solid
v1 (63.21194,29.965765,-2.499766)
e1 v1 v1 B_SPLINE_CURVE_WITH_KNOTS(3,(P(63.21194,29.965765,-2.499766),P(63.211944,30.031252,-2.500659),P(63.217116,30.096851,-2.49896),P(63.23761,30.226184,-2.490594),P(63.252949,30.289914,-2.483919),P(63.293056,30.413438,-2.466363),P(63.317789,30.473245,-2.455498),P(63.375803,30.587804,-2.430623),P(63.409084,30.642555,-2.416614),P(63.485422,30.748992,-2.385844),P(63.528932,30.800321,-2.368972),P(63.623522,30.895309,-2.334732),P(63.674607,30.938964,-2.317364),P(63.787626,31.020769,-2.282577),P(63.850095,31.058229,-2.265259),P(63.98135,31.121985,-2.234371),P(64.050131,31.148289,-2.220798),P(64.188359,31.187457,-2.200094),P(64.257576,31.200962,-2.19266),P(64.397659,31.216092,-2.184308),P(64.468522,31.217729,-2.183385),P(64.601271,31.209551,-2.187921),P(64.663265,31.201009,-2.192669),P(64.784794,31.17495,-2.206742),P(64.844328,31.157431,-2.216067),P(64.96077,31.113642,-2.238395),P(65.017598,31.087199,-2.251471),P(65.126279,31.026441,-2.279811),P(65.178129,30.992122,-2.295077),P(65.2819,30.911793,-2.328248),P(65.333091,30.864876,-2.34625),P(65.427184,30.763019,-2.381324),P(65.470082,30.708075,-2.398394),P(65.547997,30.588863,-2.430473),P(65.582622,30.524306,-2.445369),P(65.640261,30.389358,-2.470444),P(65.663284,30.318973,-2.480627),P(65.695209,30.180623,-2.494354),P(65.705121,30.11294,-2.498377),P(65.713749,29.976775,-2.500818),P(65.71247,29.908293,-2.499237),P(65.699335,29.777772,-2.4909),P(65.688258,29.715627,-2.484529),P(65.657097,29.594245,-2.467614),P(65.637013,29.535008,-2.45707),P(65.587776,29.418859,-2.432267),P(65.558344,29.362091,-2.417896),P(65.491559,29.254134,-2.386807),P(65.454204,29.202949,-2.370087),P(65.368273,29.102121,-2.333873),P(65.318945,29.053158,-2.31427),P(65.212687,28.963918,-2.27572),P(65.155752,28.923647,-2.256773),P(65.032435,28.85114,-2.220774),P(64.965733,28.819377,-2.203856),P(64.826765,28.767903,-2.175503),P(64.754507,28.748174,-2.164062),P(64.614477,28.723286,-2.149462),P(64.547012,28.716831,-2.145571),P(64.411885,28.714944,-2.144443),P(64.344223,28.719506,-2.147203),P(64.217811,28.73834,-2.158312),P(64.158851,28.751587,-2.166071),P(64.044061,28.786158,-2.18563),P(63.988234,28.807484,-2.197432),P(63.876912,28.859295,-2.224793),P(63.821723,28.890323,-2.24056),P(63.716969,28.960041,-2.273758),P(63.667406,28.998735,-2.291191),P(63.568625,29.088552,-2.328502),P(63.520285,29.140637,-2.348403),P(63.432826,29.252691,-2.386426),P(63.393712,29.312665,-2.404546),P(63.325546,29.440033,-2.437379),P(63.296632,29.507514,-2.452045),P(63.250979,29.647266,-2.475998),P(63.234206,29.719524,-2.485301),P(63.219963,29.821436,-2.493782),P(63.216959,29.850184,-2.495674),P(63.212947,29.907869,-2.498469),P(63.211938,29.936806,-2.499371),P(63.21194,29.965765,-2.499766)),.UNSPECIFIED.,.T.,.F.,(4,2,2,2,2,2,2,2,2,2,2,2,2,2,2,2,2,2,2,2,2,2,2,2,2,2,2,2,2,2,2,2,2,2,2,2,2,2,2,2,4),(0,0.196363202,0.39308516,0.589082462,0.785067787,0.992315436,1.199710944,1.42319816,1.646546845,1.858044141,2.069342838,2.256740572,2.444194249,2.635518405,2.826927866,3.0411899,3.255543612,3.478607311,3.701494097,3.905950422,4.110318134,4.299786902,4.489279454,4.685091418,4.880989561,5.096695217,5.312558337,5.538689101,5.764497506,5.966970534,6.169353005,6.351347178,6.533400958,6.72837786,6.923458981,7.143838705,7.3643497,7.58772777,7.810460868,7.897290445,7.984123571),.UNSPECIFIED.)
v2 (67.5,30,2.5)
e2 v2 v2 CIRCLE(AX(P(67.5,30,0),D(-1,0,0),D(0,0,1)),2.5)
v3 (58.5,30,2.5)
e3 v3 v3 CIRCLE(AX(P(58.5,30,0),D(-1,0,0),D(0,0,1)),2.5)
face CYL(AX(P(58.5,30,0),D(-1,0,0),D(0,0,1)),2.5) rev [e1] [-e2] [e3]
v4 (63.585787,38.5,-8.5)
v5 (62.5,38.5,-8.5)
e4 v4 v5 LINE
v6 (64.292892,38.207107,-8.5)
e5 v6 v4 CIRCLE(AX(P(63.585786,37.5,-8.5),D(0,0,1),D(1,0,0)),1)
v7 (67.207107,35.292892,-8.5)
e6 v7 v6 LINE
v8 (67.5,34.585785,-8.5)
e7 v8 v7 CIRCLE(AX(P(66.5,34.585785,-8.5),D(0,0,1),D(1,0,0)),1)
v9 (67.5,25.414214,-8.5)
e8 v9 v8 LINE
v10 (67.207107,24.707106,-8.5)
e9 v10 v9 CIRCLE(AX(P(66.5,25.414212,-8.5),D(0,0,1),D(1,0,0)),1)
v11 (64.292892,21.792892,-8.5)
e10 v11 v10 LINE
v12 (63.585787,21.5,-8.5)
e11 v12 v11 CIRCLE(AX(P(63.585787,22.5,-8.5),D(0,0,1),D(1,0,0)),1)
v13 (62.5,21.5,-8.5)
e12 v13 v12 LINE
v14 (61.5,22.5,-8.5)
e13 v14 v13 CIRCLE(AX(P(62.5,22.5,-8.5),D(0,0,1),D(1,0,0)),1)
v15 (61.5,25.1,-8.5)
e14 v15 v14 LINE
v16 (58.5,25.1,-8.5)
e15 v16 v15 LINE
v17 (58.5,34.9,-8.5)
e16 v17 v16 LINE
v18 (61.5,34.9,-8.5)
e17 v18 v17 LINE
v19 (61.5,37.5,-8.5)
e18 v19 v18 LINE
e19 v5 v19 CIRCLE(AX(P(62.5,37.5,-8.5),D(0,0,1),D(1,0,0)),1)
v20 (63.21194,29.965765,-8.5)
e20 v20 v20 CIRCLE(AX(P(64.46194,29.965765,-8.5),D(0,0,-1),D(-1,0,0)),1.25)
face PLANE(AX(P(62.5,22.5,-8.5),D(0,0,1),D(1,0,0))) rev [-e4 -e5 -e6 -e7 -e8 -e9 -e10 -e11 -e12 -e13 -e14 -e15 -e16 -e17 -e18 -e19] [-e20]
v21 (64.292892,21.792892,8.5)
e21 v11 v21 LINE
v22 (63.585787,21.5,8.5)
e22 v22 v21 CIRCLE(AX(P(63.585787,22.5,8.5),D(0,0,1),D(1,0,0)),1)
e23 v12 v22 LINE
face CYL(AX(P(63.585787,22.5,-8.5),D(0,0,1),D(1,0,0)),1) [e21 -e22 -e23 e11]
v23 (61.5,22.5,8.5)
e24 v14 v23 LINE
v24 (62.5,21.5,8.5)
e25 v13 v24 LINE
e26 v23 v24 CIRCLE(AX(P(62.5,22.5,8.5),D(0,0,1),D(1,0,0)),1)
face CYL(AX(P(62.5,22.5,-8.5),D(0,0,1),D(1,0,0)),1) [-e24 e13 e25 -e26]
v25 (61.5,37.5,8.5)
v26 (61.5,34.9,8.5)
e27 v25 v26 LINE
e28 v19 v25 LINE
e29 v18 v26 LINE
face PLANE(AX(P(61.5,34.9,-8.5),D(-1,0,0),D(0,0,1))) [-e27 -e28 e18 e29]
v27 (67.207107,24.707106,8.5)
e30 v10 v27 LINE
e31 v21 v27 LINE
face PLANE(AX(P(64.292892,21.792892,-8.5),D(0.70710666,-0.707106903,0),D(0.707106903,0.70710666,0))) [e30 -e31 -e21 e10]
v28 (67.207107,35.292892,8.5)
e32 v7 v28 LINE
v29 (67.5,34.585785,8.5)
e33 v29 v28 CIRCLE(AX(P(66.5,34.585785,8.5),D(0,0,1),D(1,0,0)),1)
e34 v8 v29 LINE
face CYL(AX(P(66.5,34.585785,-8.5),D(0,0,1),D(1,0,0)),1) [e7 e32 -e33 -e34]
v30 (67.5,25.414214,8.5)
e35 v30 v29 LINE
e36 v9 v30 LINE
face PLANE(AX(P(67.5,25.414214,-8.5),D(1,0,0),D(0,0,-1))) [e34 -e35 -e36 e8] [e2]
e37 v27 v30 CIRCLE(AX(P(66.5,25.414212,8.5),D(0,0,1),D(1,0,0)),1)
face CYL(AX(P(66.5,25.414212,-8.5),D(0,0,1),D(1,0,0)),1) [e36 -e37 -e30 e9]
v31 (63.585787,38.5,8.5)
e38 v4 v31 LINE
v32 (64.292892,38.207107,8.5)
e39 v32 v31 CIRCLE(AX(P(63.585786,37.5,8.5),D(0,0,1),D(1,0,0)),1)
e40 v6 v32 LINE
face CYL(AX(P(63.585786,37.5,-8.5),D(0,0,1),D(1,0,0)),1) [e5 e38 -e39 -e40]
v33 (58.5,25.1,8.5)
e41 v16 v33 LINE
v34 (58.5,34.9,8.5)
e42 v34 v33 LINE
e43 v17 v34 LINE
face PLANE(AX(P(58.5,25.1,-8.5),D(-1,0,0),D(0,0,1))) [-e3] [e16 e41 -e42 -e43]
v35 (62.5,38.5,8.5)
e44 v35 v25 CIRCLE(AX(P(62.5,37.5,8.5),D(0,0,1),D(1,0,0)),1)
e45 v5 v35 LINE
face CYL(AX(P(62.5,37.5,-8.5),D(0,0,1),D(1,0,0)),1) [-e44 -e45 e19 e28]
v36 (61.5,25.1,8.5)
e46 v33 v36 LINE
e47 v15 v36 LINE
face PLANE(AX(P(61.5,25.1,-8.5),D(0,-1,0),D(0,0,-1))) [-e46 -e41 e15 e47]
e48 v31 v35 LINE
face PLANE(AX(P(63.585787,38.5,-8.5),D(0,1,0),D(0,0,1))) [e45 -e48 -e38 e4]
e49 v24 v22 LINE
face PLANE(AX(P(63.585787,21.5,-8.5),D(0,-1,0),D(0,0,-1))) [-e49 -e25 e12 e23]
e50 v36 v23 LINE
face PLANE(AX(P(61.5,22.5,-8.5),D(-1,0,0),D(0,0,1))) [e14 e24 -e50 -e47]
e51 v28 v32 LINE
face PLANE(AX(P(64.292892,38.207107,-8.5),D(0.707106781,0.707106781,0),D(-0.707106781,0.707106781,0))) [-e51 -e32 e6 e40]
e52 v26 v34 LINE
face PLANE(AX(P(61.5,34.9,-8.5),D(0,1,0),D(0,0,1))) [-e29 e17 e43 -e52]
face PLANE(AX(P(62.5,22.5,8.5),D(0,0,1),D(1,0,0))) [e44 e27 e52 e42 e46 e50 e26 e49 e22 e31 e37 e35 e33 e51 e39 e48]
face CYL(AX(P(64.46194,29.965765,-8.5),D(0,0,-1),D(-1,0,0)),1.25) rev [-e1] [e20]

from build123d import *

# Parameters (mm, degrees)
BOSS_EXTRUDE2_DEPTH       = 8.5
BOSS_EXTRUDE2_DEPTH_BACK  = 8.5
M6_TAPPED_HOLE1_D         = 5
M3X0_5_TAPPED_HOLE1_D     = 2.5
M3X0_5_TAPPED_HOLE1_DEPTH = 7.5
M3X0_5_TAPPED_HOLE1_TIP   = 0.751075774


with BuildPart() as part:
    # Model → Boss-Extrude2 (new, two sides: drawn at the far end of the back side and taken through both)
    with BuildSketch(Plane.XY.offset(-BOSS_EXTRUDE2_DEPTH_BACK)):
        with BuildLine():
            Line((64.292892272, 21.792891862), (67.207107272, 24.707105862))
            ThreePointArc((67.207107272, 24.707105862), (67.423880138, 25.031529799), (67.500000272, 25.414213862))
            Line((67.500000272, 25.414213862), (67.500000272, 34.5857853))
            ThreePointArc((67.500000272, 34.5857853), (67.423879863, 34.968468589), (67.207107272, 35.292891862))
            Line((67.207107272, 35.292891862), (64.292892272, 38.207106862))
            ThreePointArc((64.292892272, 38.207106862), (63.96846972, 38.423879155), (63.585787272, 38.499999862))
            Line((63.585787272, 38.499999862), (62.500000272, 38.499999862))
            ThreePointArc((62.500000272, 38.499999862), (61.79289349, 38.207106644), (61.500000272, 37.499999862))
            Line((61.500000272, 37.499999862), (61.500000272, 34.899999862))
            Line((61.500000272, 34.899999862), (58.500000272, 34.899999862))
            Line((58.500000272, 34.899999862), (58.500000272, 25.099999862))
            Line((58.500000272, 25.099999862), (61.500000272, 25.099999862))
            Line((61.500000272, 25.099999862), (61.500000272, 22.499999862))
            ThreePointArc((61.500000272, 22.499999862), (61.79289349, 21.792893081), (62.500000272, 21.499999862))
            Line((62.500000272, 21.499999862), (63.585787272, 21.499999862))
            ThreePointArc((63.585787272, 21.499999862), (63.968469605, 21.576120108), (64.292892272, 21.792891862))
        make_face()
    extrude(amount=BOSS_EXTRUDE2_DEPTH + BOSS_EXTRUDE2_DEPTH_BACK)

    # M6 Tapped Hole1 (through all)
    with Locations(Plane.ZY.offset(-58.500000272)):
        with Locations((0, 29.999999862)):
            Hole(M6_TAPPED_HOLE1_D / 2)

    # M3x0.5 Tapped Hole1
    with Locations(Plane(origin=(0, 0, -8.5), x_dir=(-1, 0, 0), z_dir=(0, 0, -1))):
        with Locations((-64.461940205, 29.965764831)):
            Hole(M3X0_5_TAPPED_HOLE1_D / 2, depth=M3X0_5_TAPPED_HOLE1_DEPTH)
            with Locations((0, 0, -(M3X0_5_TAPPED_HOLE1_DEPTH + M3X0_5_TAPPED_HOLE1_TIP / 2))):  # 118° drill point
                Cone(0, M3X0_5_TAPPED_HOLE1_D / 2, M3X0_5_TAPPED_HOLE1_TIP, mode=Mode.SUBTRACT)


solid = part.part
